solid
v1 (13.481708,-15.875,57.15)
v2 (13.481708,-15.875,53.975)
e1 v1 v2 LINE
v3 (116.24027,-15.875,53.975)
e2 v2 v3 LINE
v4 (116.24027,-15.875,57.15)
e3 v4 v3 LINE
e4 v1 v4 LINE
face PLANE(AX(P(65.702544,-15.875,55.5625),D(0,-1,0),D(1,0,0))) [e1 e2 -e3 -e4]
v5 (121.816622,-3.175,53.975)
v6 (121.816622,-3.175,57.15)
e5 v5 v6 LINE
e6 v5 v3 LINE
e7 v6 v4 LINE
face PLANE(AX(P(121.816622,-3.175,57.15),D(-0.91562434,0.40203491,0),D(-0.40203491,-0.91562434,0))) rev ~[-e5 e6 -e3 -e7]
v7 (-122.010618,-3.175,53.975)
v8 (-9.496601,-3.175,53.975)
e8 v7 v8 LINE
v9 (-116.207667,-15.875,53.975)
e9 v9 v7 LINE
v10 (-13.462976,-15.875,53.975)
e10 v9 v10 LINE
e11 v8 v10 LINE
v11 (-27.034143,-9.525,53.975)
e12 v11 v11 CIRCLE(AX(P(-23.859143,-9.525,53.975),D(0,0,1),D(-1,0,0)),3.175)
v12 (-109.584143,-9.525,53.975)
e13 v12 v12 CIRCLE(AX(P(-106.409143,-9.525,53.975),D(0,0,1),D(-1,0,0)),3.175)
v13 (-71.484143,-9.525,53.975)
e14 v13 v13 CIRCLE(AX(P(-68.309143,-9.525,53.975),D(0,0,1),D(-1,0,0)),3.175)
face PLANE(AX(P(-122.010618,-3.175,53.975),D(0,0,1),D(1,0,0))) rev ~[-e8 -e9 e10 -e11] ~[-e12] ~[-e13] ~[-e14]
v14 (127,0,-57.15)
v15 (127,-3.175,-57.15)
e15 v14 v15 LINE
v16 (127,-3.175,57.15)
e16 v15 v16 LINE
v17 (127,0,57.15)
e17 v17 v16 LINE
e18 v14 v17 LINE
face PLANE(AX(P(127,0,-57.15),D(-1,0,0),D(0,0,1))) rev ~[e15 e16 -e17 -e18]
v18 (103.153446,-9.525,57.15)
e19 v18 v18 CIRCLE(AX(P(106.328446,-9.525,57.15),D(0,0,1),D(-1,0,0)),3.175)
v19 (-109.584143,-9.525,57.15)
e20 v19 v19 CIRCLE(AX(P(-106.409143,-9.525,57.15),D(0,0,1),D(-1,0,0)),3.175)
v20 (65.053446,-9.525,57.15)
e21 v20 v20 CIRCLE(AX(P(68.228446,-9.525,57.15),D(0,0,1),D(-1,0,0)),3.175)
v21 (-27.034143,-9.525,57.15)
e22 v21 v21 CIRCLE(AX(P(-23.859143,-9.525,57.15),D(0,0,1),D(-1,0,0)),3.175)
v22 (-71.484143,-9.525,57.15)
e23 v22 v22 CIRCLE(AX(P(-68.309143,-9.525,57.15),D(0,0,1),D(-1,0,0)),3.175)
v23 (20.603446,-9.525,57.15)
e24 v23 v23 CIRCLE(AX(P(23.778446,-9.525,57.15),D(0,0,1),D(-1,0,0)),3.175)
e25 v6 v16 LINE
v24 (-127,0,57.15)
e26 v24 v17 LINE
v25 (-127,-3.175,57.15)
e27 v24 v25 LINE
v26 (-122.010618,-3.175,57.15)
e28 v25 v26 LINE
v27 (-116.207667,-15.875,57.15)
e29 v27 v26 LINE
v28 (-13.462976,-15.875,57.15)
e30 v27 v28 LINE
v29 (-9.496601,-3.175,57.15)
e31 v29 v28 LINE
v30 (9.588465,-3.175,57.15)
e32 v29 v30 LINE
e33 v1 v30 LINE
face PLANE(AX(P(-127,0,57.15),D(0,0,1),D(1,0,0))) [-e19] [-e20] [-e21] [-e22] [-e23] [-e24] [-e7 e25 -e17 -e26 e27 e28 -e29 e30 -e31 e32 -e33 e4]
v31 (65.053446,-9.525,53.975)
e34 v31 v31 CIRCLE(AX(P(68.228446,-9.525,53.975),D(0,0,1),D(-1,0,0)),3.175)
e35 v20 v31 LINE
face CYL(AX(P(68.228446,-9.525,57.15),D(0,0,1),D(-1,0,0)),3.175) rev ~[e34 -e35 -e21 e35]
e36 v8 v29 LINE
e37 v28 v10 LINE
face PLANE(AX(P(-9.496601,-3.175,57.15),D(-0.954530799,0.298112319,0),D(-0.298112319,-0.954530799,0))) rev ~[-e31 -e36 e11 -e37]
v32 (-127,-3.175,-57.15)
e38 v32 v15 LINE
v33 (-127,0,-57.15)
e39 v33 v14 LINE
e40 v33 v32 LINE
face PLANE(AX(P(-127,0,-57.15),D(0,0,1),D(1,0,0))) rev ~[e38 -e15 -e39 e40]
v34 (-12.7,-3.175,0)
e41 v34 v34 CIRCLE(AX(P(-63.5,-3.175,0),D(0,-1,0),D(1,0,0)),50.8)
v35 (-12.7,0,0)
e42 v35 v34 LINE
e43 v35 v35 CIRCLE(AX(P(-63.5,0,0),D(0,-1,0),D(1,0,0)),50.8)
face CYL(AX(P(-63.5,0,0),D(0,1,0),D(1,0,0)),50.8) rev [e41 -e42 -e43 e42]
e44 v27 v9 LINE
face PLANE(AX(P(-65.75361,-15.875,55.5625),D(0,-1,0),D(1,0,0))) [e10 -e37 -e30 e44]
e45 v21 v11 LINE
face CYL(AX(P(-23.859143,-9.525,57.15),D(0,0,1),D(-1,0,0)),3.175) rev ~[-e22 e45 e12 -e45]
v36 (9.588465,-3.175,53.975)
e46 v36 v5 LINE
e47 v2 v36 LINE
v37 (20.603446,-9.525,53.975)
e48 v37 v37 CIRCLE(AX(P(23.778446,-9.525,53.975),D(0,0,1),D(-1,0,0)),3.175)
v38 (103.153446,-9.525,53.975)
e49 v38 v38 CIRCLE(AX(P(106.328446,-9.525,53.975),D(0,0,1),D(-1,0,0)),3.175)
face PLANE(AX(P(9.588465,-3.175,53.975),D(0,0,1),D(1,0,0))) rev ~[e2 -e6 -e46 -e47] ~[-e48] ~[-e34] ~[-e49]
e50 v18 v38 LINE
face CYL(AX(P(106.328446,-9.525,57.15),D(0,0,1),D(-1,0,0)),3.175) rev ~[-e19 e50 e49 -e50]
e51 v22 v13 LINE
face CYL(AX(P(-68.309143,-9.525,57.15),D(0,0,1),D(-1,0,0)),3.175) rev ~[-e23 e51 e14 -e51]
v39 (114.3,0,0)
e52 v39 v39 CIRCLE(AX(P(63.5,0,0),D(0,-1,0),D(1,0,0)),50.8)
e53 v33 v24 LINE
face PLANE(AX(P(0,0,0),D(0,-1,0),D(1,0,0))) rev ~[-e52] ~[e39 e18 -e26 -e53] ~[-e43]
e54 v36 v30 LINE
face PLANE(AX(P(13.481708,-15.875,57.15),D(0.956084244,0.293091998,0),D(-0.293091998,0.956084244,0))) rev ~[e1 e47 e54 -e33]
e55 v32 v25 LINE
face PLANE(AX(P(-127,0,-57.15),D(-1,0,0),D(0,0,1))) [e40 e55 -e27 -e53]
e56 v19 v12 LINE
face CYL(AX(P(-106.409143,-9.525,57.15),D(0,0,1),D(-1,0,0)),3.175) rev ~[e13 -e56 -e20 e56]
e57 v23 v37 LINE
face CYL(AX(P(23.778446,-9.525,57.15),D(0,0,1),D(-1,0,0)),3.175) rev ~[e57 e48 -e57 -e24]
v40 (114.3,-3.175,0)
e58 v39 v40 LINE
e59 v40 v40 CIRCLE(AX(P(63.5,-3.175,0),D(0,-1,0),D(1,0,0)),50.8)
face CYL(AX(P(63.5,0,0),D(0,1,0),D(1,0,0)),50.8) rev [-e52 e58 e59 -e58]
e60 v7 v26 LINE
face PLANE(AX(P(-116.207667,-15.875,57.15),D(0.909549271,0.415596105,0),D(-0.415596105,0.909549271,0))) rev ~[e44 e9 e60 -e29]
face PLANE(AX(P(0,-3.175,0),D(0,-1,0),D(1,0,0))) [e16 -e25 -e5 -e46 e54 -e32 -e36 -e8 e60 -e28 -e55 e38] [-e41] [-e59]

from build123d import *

# Parameters (mm, degrees)
F0_W     = 254
F0_H     = 114.3
F0_R     = 50.8
F1_DEPTH = 3.175
F2_W     = 112.5140171498
F2_H     = 3.175
F2_W_2   = 112.2281569988
F3_DEPTH = 12.7
F5_DEPTH = 25.4
F7_DEPTH = 25.4


with BuildPart() as f1:
    # F0 (on Front) → F1 (new body)
    with BuildSketch(Plane.XZ):
        Rectangle(F0_W, F0_H)
        with Locations((-63.5, 0)):
            Circle(F0_R, mode=Mode.SUBTRACT)
        with Locations((63.5, 0)):
            Circle(F0_R, mode=Mode.SUBTRACT)
    extrude(amount=F1_DEPTH)

    # F2 (on face) → F3 (join)
    with BuildSketch(Plane.XZ.offset(3.175)):
        with Locations((-65.7536098734, 55.5625)):
            Rectangle(F2_W, F2_H)
        with Locations((65.7025436531, 55.5625)):
            Rectangle(F2_W_2, F2_H)
    extrude(amount=F3_DEPTH)

    # F4 (on face) → F5 (cut)
    with BuildSketch(Plane.XY.offset(57.15)):
        Polygon((-116.2076666951, -15.875), (-122.0106184483, -3.175), (-122.0106184483, -15.875), align=None)
        Polygon((-9.4966012985, -15.875), (-9.4966012985, -3.175), (-13.4629756212, -15.875), align=None)
        Polygon((13.4817082435, -15.875), (9.5884651538, -3.175), (9.5884651538, -15.875), align=None)
        Polygon((116.2402704358, -15.875), (121.8166221525, -15.875), (121.8166221525, -3.175), align=None)
    extrude(amount=-F5_DEPTH, mode=Mode.SUBTRACT)

    # F6 (on face) → F7 (cut)
    with BuildSketch(Plane.XY.offset(57.15)):
        with BuildLine():
            ThreePointArc((-103.2341425717, -9.525), (-106.4091425717, -6.35), (-109.5841425717, -9.525))
            Line((-109.5841425717, -9.525), (-103.2341425717, -9.525))
        make_face()
        with BuildLine():
            ThreePointArc((109.5034462942, -9.525), (106.3284462942, -6.35), (103.1534462942, -9.525))
            Line((103.1534462942, -9.525), (109.5034462942, -9.525))
        make_face()
        with BuildLine():
            Line((109.5034462942, -9.525), (103.1534462942, -9.525))
            ThreePointArc((103.1534462942, -9.525), (106.3284462942, -12.7), (109.5034462942, -9.525))
        make_face()
        with BuildLine():
            ThreePointArc((71.4034462942, -9.525), (68.2284462942, -6.35), (65.0534462942, -9.525))
            Line((65.0534462942, -9.525), (71.4034462942, -9.525))
        make_face()
        with BuildLine():
            Line((71.4034462942, -9.525), (65.0534462942, -9.525))
            ThreePointArc((65.0534462942, -9.525), (68.2284462942, -12.7), (71.4034462942, -9.525))
        make_face()
        with BuildLine():
            ThreePointArc((26.9534462942, -9.525), (23.7784462942, -6.35), (20.6034462942, -9.525))
            Line((20.6034462942, -9.525), (26.9534462942, -9.525))
        make_face()
        with BuildLine():
            Line((26.9534462942, -9.525), (20.6034462942, -9.525))
            ThreePointArc((20.6034462942, -9.525), (23.7784462942, -12.7), (26.9534462942, -9.525))
        make_face()
        with BuildLine():
            ThreePointArc((-20.6841425717, -9.525), (-23.8591425717, -6.35), (-27.0341425717, -9.525))
            Line((-27.0341425717, -9.525), (-20.6841425717, -9.525))
        make_face()
        with BuildLine():
            Line((-20.6841425717, -9.525), (-27.0341425717, -9.525))
            ThreePointArc((-27.0341425717, -9.525), (-23.8591425717, -12.7), (-20.6841425717, -9.525))
        make_face()
        with BuildLine():
            ThreePointArc((-65.1341425717, -9.525), (-68.3091425717, -6.35), (-71.4841425717, -9.525))
            Line((-71.4841425717, -9.525), (-65.1341425717, -9.525))
        make_face()
        with BuildLine():
            Line((-65.1341425717, -9.525), (-71.4841425717, -9.525))
            ThreePointArc((-71.4841425717, -9.525), (-68.3091425717, -12.7), (-65.1341425717, -9.525))
        make_face()
        with BuildLine():
            Line((-103.2341425717, -9.525), (-109.5841425717, -9.525))
            ThreePointArc((-109.5841425717, -9.525), (-106.4091425717, -12.7), (-103.2341425717, -9.525))
        make_face()
    extrude(amount=-F7_DEPTH, mode=Mode.SUBTRACT)


solid = f1.part
